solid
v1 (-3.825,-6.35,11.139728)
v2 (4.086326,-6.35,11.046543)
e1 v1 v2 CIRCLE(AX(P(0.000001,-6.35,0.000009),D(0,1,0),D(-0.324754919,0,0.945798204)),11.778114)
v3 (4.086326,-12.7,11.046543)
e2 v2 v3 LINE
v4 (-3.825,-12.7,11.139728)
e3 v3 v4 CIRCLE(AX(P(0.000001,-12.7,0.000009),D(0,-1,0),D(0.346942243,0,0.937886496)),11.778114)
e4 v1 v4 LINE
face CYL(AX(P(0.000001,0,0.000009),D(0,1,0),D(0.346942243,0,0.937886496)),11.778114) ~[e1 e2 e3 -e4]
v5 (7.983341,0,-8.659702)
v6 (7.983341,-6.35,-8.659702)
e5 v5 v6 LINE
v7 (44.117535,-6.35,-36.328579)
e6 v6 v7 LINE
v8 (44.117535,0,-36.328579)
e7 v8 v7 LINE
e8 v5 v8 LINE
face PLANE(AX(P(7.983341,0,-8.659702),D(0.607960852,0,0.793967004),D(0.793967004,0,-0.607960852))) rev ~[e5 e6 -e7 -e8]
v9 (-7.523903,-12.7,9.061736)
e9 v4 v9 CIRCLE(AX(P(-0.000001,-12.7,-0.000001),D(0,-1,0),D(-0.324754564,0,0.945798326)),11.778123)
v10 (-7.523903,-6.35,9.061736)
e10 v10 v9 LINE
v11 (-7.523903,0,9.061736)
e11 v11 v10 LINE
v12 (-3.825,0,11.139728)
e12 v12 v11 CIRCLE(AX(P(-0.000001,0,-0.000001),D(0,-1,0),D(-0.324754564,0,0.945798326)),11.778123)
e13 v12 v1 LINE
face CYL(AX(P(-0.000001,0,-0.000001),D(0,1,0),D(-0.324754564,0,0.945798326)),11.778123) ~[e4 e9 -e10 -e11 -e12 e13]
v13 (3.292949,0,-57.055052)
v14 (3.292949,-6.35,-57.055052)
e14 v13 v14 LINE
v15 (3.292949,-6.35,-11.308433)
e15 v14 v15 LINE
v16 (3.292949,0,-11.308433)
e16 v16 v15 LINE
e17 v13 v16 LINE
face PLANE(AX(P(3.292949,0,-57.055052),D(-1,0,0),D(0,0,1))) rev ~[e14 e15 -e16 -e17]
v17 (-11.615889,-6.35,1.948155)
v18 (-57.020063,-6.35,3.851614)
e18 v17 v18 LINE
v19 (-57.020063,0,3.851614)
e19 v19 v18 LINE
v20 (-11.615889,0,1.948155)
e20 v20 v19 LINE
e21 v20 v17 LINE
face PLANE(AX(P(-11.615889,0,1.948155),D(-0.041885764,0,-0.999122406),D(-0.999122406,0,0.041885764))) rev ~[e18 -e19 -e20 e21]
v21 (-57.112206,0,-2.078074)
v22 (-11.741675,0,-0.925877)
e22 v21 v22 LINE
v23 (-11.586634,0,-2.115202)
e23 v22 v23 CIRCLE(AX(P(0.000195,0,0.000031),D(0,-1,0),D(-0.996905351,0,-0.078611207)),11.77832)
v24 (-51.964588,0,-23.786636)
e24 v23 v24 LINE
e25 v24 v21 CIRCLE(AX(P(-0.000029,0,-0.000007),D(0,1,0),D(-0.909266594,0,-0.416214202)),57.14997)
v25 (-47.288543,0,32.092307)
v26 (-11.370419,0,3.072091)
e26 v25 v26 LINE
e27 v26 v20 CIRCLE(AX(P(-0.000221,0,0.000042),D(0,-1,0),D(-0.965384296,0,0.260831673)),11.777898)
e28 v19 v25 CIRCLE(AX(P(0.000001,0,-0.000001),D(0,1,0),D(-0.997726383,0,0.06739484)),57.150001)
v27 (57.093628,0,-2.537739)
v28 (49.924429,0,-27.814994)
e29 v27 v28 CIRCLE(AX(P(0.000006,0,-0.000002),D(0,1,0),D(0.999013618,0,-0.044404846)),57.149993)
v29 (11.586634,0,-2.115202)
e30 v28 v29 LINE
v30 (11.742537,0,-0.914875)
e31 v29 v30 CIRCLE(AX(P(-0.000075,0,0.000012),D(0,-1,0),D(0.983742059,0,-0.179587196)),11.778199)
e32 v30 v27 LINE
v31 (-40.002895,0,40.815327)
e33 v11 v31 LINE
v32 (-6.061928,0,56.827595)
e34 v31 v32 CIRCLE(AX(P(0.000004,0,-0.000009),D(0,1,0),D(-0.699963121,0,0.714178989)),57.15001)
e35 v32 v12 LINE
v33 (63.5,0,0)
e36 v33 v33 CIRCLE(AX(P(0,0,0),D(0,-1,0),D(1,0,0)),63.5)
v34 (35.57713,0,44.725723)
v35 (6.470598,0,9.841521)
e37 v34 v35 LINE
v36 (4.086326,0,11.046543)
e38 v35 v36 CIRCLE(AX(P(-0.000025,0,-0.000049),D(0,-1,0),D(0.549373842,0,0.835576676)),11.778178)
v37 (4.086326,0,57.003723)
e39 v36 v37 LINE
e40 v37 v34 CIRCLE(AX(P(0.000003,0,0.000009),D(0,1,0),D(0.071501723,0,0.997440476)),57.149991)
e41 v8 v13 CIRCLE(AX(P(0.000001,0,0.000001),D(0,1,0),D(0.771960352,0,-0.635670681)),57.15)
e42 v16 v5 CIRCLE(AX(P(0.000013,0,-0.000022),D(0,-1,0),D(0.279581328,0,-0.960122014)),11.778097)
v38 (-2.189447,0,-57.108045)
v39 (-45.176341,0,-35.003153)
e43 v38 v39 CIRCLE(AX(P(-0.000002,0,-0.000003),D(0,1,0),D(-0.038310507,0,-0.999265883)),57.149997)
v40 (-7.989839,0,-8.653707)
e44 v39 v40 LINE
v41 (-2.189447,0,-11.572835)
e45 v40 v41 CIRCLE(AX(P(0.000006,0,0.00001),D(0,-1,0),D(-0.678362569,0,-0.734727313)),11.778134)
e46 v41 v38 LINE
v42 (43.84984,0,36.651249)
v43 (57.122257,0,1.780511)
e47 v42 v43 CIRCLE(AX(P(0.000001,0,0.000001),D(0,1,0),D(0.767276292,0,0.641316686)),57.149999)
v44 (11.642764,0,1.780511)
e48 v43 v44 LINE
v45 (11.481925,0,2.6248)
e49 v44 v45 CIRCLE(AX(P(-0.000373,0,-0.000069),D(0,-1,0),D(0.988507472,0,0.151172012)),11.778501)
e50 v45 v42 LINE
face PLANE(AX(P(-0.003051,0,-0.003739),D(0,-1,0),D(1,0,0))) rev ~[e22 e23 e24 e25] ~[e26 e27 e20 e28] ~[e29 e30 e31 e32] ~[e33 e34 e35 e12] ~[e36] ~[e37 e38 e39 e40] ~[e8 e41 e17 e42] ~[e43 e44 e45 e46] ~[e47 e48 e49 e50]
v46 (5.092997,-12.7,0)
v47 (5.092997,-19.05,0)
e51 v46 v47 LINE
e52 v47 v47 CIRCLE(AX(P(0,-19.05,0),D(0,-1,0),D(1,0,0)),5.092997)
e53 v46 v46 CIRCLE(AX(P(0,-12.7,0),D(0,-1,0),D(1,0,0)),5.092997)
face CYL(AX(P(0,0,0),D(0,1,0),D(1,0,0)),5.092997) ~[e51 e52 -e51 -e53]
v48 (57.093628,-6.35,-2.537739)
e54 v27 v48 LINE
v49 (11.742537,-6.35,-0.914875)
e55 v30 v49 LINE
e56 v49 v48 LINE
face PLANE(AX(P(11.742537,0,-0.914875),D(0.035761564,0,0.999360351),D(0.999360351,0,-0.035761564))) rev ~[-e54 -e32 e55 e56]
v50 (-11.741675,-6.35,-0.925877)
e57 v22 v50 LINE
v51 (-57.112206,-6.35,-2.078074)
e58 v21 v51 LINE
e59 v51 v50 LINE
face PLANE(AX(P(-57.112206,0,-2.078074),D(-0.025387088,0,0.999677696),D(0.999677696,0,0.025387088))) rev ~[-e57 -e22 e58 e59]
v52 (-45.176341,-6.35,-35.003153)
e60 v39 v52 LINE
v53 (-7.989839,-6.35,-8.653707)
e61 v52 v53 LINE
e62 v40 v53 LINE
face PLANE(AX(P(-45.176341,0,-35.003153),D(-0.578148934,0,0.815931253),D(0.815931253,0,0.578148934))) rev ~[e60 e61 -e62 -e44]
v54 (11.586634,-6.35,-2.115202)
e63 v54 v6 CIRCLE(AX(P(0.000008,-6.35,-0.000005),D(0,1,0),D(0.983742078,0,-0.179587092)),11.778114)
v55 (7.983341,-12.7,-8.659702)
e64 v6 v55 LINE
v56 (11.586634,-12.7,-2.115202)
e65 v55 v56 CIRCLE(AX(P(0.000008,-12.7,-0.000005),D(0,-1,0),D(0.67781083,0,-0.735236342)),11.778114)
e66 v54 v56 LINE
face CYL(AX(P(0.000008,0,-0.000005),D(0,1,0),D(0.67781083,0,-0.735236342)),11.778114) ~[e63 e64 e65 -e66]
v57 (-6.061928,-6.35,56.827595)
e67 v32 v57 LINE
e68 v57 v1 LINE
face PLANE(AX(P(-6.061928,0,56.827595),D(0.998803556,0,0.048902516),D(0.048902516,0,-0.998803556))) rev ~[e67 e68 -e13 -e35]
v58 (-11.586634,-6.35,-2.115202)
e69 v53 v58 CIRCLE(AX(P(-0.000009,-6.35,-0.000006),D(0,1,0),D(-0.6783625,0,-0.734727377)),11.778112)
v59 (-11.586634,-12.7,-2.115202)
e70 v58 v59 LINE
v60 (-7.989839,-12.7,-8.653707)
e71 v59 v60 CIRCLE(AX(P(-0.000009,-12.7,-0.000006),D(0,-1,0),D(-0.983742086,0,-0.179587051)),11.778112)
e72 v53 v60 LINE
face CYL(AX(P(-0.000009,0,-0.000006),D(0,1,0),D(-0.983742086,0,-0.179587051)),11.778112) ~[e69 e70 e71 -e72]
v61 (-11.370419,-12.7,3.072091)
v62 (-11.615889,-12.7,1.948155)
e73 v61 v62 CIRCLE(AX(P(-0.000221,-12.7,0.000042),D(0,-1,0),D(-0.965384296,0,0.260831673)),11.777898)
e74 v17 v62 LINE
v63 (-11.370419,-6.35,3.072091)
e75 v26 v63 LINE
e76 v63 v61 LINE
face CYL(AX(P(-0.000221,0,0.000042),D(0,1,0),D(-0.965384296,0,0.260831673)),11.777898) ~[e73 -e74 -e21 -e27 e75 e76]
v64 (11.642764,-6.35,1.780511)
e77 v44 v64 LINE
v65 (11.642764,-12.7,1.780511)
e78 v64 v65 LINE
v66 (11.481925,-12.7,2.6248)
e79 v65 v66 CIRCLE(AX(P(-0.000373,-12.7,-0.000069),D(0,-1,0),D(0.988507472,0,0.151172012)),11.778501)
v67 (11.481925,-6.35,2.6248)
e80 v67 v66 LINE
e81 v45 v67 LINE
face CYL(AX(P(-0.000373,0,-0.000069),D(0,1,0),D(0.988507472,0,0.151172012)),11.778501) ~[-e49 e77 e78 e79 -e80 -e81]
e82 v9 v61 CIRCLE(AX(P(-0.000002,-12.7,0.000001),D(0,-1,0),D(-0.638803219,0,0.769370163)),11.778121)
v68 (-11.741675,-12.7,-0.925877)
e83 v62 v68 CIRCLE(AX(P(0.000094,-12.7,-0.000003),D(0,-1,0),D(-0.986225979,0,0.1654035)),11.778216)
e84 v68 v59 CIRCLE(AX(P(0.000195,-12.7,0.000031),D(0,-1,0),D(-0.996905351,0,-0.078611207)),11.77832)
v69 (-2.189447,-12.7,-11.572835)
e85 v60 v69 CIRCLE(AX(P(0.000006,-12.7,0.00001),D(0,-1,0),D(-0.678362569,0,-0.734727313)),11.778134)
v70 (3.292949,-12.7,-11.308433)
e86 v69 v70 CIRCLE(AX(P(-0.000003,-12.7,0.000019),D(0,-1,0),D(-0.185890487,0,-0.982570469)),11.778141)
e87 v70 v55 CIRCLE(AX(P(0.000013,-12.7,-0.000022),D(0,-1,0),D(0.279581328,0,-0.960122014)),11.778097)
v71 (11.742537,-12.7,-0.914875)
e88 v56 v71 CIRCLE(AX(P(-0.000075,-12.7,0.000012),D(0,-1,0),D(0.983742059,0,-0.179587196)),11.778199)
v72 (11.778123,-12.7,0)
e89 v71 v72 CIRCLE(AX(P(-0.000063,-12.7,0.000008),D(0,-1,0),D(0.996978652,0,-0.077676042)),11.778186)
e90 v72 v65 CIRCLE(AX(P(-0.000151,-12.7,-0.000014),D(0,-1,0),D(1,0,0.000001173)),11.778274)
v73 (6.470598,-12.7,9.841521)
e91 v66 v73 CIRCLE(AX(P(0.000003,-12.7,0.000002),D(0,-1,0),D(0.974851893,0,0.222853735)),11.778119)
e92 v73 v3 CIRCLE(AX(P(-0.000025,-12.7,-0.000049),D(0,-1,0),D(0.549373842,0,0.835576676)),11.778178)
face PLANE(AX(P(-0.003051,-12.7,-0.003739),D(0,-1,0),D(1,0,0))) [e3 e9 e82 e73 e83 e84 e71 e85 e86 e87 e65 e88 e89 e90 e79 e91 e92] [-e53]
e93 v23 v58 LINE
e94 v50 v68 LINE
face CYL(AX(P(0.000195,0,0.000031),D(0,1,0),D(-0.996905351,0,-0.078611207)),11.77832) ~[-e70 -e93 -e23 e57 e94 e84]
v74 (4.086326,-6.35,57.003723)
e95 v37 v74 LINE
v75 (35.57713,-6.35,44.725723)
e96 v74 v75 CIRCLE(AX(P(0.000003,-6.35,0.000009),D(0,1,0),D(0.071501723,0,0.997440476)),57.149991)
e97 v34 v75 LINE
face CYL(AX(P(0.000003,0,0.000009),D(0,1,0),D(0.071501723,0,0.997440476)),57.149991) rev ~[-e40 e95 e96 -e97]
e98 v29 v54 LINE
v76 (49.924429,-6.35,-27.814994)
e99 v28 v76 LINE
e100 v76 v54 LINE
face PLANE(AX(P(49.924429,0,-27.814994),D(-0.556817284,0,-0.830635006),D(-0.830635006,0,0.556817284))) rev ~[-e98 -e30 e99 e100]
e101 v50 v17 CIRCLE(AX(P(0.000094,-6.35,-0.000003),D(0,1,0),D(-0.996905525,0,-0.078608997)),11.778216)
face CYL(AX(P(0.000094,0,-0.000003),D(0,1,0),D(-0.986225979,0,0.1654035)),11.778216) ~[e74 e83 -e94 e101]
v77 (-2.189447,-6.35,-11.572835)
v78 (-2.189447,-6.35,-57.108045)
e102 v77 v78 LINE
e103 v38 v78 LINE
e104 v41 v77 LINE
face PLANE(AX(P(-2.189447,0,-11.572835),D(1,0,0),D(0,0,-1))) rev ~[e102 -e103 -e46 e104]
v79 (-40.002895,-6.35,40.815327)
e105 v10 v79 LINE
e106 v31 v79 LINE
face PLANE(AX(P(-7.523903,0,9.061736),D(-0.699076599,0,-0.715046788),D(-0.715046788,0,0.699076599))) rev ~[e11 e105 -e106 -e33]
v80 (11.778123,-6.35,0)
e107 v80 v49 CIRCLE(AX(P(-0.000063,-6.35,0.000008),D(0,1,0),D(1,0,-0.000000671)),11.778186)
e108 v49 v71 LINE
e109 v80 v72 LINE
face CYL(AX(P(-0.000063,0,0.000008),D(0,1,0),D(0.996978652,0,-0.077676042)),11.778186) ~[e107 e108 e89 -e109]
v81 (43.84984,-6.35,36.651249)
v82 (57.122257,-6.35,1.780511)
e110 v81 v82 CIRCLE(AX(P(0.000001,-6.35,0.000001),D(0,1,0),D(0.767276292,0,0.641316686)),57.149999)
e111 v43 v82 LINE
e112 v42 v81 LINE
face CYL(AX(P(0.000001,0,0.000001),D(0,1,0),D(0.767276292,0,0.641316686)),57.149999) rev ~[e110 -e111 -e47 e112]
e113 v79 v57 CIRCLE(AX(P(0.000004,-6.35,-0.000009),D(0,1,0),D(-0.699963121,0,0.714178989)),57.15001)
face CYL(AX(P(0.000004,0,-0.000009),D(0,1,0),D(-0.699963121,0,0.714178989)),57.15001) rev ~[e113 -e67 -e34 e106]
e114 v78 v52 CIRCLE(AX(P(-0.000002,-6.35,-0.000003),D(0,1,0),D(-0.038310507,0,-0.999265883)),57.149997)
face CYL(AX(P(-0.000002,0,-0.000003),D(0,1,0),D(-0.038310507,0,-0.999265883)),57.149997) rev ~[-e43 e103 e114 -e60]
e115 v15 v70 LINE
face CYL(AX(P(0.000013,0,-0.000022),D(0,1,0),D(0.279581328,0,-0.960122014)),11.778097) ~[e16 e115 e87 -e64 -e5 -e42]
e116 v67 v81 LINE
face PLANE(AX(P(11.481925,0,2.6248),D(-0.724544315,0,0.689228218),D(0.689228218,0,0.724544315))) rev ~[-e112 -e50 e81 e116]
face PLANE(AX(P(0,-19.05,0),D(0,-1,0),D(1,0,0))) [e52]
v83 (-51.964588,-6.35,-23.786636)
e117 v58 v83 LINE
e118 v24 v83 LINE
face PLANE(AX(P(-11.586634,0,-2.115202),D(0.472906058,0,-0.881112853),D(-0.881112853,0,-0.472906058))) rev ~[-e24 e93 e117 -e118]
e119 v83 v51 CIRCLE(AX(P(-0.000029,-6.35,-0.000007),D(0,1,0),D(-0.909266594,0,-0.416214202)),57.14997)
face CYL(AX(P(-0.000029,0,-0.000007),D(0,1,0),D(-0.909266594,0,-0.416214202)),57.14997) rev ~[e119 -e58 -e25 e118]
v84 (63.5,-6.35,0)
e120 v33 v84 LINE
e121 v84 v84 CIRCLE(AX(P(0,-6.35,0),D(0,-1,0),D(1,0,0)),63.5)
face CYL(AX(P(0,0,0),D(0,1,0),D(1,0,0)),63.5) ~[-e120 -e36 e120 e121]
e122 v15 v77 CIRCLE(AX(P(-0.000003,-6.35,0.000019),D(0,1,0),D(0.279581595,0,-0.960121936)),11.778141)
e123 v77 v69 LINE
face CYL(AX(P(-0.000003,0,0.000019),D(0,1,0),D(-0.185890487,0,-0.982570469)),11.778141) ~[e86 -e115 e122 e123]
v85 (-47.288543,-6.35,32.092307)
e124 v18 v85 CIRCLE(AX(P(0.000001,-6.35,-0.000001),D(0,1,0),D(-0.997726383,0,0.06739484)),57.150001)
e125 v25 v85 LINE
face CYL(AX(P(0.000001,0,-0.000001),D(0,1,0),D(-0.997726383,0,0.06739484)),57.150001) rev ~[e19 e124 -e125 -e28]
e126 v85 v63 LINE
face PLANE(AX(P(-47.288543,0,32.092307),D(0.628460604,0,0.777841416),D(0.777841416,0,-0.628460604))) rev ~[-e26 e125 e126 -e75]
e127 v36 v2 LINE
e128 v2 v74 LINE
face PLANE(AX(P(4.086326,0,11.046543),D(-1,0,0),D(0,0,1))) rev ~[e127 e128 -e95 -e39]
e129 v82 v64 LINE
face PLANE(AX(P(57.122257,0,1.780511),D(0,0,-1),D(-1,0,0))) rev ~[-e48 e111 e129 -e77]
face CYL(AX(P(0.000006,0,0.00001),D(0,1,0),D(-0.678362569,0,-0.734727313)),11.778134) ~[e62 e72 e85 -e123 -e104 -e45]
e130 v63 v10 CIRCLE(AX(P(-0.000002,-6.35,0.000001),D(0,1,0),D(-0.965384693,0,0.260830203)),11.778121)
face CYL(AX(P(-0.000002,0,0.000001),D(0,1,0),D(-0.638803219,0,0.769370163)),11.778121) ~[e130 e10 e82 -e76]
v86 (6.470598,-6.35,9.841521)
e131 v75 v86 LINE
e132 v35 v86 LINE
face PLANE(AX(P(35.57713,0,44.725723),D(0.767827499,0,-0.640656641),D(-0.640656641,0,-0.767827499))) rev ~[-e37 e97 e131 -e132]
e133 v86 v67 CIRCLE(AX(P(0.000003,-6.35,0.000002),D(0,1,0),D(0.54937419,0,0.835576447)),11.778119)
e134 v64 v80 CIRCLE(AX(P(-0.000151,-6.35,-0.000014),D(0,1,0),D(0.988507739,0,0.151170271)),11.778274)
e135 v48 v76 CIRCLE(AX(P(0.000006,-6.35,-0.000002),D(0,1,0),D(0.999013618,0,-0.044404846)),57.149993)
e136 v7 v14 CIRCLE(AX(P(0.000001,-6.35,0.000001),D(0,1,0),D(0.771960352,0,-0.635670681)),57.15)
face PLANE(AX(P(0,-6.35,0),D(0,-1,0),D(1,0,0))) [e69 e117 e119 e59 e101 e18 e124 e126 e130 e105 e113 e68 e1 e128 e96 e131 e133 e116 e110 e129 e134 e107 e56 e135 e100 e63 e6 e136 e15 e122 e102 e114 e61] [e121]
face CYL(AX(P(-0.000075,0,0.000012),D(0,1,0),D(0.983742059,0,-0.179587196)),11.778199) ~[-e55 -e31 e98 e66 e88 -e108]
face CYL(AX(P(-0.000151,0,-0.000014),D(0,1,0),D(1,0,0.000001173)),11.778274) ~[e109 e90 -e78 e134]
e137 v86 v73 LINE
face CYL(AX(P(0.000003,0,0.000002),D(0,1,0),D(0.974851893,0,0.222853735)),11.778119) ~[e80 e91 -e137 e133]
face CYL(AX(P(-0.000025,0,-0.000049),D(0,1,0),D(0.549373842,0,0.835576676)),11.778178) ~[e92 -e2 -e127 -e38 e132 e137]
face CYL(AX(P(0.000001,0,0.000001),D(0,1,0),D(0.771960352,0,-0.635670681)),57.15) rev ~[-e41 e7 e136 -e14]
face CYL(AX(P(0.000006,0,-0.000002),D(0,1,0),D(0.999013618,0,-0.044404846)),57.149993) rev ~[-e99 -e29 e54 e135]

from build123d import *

# Parameters (mm, degrees)
F0_R     = 63.5
F1_DEPTH = 6.35
F0_R_2   = 5.092997
F2_DEPTH = 12.7
F3_DEPTH = 19.05


with BuildPart() as f1:
    # F0 (on Front) → F1 (new body)
    with BuildSketch(Plane.XZ):
        Circle(F0_R)
        with BuildLine():
            ThreePointArc((57.122257, 1.780511), (57.143064, 0.890363), (57.15, 0))
            ThreePointArc((57.15, 0), (57.135905, -1.269183), (57.093628, -2.537739))
            ThreePointArc((57.093628, -2.537739), (54.98137, -15.593956), (49.924429, -27.814994))
            ThreePointArc((49.924429, -27.814994), (47.213271, -32.202943), (44.117535, -36.328579))
            ThreePointArc((44.117535, -36.328579), (25.871512, -50.958683), (3.292949, -57.055052))
            ThreePointArc((3.292949, -57.055052), (0.552387, -57.14733), (-2.189447, -57.108045))
            ThreePointArc((-2.189447, -57.108045), (-26.134958, -50.824074), (-45.176341, -35.003153))
            ThreePointArc((-45.176341, -35.003153), (-48.893175, -29.5902), (-51.964588, -23.786636))
            ThreePointArc((-51.964588, -23.786636), (-55.608023, -13.185989), (-57.112206, -2.078074))
            ThreePointArc((-57.112206, -2.078074), (-57.143101, 0.887966), (-57.020063, 3.851614))
            ThreePointArc((-57.020063, 3.851614), (-54.031986, 18.618995), (-47.288543, 32.092307))
            ThreePointArc((-47.288543, 32.092307), (-43.8631, 36.635378), (-40.002895, 40.815327))
            ThreePointArc((-40.002895, 40.815327), (-24.384219, 51.686868), (-6.061928, 56.827595))
            ThreePointArc((-6.061928, 56.827595), (-0.991719, 57.141395), (4.086326, 57.003723))
            ThreePointArc((4.086326, 57.003723), (20.760172, 53.246012), (35.57713, 44.725723))
            ThreePointArc((35.57713, 44.725723), (39.918168, 40.898195), (43.84984, 36.651249))
            ThreePointArc((43.84984, 36.651249), (53.41192, 20.329518), (57.122257, 1.780511))
        make_face(mode=Mode.SUBTRACT)
        with BuildLine():
            Line((-7.523903, 9.061736), (-40.002895, 40.815327))
            ThreePointArc((-40.002895, 40.815327), (-43.8631, 36.635378), (-47.288543, 32.092307))
            Line((-47.288543, 32.092307), (-11.370419, 3.072091))
            ThreePointArc((-11.370419, 3.072091), (-9.91049, 6.364461), (-7.523903, 9.061736))
        make_face()
        with BuildLine():
            Line((-11.615889, 1.948155), (-57.020063, 3.851614))
            ThreePointArc((-57.020063, 3.851614), (-57.143101, 0.887966), (-57.112206, -2.078074))
            Line((-57.112206, -2.078074), (-11.741675, -0.925877))
            ThreePointArc((-11.741675, -0.925877), (-11.766858, 0.514994), (-11.615889, 1.948155))
        make_face()
        with BuildLine():
            ThreePointArc((-51.964588, -23.786636), (-48.893175, -29.5902), (-45.176341, -35.003153))
            Line((-45.176341, -35.003153), (-7.989839, -8.653707))
            ThreePointArc((-7.989839, -8.653707), (-10.319767, -5.676847), (-11.586634, -2.115202))
            Line((-11.586634, -2.115202), (-51.964588, -23.786636))
        make_face()
        with BuildLine():
            ThreePointArc((44.117535, -36.328579), (47.213271, -32.202943), (49.924429, -27.814994))
            Line((49.924429, -27.814994), (11.586634, -2.115202))
            ThreePointArc((11.586634, -2.115202), (10.317636, -5.680719), (7.983341, -8.659702))
            Line((7.983341, -8.659702), (44.117535, -36.328579))
        make_face()
        with BuildLine():
            Line((11.481925, 2.6248), (43.84984, 36.651249))
            ThreePointArc((43.84984, 36.651249), (39.918168, 40.898195), (35.57713, 44.725723))
            Line((35.57713, 44.725723), (6.470598, 9.841521))
            ThreePointArc((6.470598, 9.841521), (9.674375, 6.717935), (11.481925, 2.6248))
        make_face()
        with BuildLine():
            Line((4.086326, 11.046543), (4.086326, 57.003723))
            ThreePointArc((4.086326, 57.003723), (-0.991719, 57.141395), (-6.061928, 56.827595))
            Line((-6.061928, 56.827595), (-3.825, 11.139728))
            ThreePointArc((-3.825, 11.139728), (0.138722, 11.777306), (4.086326, 11.046543))
        make_face()
        with BuildLine():
            ThreePointArc((57.093628, -2.537739), (57.135905, -1.269183), (57.15, 0))
            ThreePointArc((57.15, 0), (57.143064, 0.890363), (57.122257, 1.780511))
            Line((57.122257, 1.780511), (11.642764, 1.780511))
            ThreePointArc((11.642764, 1.780511), (11.744234, 0.892824), (11.778123, 0))
            ThreePointArc((11.778123, 0), (11.769223, -0.457783), (11.742537, -0.914875))
            Line((11.742537, -0.914875), (57.093628, -2.537739))
        make_face()
        with BuildLine():
            ThreePointArc((-2.189447, -57.108045), (0.552387, -57.14733), (3.292949, -57.055052))
            Line((3.292949, -57.055052), (3.292949, -11.308433))
            ThreePointArc((3.292949, -11.308433), (0.567368, -11.764449), (-2.189447, -11.572835))
            Line((-2.189447, -11.572835), (-2.189447, -57.108045))
        make_face()
    extrude(amount=F1_DEPTH)

    # F0 (on Front) → F2 (join)
    with BuildSketch(Plane.XZ):
        with BuildLine():
            ThreePointArc((11.778123, 0), (11.744234, 0.892824), (11.642764, 1.780511))
            ThreePointArc((11.642764, 1.780511), (11.570048, 2.204123), (11.481925, 2.6248))
            ThreePointArc((11.481925, 2.6248), (9.674375, 6.717935), (6.470598, 9.841521))
            ThreePointArc((6.470598, 9.841521), (5.312737, 10.51185), (4.086326, 11.046543))
            ThreePointArc((4.086326, 11.046543), (0.138722, 11.777306), (-3.825, 11.139728))
            ThreePointArc((-3.825, 11.139728), (-5.768788, 10.268654), (-7.523903, 9.061736))
            ThreePointArc((-7.523903, 9.061736), (-9.91049, 6.364461), (-11.370419, 3.072091))
            ThreePointArc((-11.370419, 3.072091), (-11.506885, 2.513122), (-11.615889, 1.948155))
            ThreePointArc((-11.615889, 1.948155), (-11.766858, 0.514994), (-11.741675, -0.925877))
            ThreePointArc((-11.741675, -0.925877), (-11.679303, -1.522514), (-11.586634, -2.115202))
            ThreePointArc((-11.586634, -2.115202), (-10.319767, -5.676847), (-7.989839, -8.653707))
            ThreePointArc((-7.989839, -8.653707), (-5.294789, -10.520902), (-2.189447, -11.572835))
            ThreePointArc((-2.189447, -11.572835), (0.567368, -11.764449), (3.292949, -11.308433))
            ThreePointArc((3.292949, -11.308433), (5.7916, -10.255806), (7.983341, -8.659702))
            ThreePointArc((7.983341, -8.659702), (10.317636, -5.680719), (11.586634, -2.115202))
            ThreePointArc((11.586634, -2.115202), (11.680015, -1.517042), (11.742537, -0.914875))
            ThreePointArc((11.742537, -0.914875), (11.769223, -0.457783), (11.778123, 0))
        make_face()
        Circle(F0_R_2, mode=Mode.SUBTRACT)
    extrude(amount=F2_DEPTH)

    # F0 (on Front) → F3 (join)
    with BuildSketch(Plane.XZ):
        Circle(F0_R_2)
    extrude(amount=F3_DEPTH)


solid = f1.part
